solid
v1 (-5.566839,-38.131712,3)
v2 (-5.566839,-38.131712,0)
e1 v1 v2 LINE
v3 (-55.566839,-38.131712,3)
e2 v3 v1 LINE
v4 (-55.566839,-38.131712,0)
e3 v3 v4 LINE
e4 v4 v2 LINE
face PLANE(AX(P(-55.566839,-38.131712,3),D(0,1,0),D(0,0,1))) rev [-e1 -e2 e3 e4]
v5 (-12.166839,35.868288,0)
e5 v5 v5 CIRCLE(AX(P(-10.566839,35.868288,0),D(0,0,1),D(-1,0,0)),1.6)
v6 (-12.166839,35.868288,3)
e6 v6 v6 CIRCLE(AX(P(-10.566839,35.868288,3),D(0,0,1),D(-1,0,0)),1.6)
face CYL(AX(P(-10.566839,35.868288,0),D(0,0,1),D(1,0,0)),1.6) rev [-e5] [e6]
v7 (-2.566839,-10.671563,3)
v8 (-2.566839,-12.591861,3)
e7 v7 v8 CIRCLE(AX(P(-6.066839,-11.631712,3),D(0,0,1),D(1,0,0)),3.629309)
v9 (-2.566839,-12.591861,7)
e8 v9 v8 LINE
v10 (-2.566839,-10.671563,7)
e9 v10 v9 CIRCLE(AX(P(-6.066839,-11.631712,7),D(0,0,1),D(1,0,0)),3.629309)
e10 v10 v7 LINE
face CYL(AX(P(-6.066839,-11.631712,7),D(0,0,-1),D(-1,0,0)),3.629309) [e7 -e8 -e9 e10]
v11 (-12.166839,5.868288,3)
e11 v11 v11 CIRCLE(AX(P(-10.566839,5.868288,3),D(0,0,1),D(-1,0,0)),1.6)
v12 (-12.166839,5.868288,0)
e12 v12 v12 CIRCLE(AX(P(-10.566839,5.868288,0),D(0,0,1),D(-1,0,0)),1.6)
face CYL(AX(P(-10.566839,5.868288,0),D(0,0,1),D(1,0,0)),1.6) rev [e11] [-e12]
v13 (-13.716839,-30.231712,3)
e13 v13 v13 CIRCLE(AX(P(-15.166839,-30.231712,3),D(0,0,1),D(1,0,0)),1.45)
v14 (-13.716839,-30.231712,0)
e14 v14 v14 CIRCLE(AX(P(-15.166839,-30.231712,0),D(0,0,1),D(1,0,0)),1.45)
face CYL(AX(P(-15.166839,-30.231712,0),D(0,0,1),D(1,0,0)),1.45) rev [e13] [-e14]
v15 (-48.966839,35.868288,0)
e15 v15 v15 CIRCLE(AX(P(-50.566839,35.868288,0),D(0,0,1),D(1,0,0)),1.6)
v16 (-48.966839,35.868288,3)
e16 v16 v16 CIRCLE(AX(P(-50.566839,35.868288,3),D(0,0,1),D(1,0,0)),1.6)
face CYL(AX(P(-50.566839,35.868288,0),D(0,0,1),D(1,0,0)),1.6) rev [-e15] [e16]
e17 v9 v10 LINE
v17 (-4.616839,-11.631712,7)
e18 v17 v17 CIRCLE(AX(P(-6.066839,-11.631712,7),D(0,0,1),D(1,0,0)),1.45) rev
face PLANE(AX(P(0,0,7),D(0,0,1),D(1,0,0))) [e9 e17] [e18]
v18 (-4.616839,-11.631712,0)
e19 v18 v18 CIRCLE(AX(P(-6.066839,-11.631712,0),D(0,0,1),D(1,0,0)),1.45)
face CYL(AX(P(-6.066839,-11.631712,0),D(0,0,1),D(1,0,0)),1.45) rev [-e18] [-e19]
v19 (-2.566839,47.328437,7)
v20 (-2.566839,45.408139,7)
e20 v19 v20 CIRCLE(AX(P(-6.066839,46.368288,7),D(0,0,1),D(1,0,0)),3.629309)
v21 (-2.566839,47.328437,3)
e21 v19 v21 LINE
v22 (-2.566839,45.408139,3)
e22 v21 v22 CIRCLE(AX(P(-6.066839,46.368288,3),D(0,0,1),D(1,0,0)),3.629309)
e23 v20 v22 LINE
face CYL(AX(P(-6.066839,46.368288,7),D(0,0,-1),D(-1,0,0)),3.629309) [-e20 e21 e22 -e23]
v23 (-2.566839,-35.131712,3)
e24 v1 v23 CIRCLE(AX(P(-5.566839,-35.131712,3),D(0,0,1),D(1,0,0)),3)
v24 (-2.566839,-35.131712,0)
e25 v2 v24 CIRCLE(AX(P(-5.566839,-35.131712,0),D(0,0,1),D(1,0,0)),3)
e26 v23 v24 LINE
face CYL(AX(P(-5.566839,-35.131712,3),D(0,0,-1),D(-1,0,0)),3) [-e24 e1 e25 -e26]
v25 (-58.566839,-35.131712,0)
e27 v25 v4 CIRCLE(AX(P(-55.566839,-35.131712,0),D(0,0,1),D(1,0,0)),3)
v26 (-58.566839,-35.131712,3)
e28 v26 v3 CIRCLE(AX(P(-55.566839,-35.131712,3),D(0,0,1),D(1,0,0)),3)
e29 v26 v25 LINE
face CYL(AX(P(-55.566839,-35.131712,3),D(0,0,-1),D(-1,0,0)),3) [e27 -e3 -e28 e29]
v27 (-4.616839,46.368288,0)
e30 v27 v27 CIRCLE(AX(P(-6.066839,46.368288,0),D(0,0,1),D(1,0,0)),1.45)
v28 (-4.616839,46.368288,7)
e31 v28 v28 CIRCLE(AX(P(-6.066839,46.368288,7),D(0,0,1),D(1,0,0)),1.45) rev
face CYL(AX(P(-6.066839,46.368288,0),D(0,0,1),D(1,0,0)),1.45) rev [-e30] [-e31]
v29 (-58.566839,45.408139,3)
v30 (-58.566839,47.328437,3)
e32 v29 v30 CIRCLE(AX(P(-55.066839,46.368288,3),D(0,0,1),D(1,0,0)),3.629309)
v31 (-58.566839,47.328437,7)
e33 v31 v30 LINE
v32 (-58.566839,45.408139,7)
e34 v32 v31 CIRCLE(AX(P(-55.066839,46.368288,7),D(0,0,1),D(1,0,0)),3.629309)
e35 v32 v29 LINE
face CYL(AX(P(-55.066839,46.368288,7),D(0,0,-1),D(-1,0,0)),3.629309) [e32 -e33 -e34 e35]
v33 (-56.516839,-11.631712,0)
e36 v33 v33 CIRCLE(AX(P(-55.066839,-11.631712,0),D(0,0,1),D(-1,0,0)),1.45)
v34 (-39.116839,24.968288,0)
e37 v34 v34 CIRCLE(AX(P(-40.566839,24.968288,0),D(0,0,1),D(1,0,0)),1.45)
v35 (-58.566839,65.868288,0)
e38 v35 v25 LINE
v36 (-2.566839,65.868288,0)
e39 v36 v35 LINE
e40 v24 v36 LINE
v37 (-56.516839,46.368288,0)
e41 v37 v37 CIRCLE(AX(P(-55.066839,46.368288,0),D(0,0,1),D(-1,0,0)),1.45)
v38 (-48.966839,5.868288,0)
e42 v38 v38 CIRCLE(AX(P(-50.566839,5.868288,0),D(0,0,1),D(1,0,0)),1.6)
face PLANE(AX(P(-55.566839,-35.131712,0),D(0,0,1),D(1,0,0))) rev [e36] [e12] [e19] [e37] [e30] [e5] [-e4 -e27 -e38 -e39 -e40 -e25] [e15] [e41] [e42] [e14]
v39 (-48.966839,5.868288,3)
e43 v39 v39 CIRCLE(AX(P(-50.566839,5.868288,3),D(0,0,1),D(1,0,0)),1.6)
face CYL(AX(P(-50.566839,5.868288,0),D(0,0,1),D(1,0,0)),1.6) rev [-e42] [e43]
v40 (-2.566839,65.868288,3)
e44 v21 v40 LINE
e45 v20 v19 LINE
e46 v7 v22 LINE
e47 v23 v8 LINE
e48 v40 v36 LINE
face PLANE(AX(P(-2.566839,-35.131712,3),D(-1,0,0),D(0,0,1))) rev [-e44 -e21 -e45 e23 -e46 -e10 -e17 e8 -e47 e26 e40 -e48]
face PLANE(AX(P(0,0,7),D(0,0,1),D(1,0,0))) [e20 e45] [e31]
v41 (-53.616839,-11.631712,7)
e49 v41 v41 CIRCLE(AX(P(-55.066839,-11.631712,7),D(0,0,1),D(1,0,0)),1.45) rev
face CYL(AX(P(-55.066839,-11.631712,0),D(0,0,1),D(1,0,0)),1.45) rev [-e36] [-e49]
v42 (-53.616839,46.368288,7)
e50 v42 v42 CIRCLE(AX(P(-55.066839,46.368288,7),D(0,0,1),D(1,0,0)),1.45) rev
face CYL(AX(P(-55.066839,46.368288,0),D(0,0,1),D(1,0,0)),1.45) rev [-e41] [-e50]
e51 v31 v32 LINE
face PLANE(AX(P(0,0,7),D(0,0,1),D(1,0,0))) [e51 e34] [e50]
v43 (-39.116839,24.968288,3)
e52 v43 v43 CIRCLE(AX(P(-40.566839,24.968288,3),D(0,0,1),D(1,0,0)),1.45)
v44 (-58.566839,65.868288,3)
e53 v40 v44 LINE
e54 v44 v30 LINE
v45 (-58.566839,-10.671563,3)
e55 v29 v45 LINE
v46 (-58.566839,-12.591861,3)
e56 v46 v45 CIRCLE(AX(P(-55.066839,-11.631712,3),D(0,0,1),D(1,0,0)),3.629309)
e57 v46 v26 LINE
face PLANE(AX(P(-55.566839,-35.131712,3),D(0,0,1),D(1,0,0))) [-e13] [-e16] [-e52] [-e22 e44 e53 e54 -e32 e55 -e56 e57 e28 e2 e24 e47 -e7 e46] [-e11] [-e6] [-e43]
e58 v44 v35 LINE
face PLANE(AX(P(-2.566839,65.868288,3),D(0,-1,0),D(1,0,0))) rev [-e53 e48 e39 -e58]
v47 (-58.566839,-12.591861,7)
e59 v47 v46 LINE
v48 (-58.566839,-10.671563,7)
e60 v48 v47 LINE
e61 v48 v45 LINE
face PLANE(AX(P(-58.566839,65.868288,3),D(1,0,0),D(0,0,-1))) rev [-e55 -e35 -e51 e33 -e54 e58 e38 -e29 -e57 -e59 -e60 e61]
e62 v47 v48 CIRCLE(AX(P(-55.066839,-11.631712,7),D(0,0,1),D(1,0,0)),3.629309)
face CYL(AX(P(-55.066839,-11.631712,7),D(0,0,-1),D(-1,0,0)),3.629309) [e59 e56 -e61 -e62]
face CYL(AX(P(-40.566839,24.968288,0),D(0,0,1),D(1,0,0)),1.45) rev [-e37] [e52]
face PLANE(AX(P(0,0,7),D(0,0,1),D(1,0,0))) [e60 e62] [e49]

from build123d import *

# Parameters (mm, degrees)
BOSS_EXTRUDE1_DEPTH = 3
SKETCH3_R           = 1.6
SKETCH3_R_2         = 1.45
CUT_EXTRUDE1_DEPTH  = 4
SKETCH4_R           = 1.45
BOSS_EXTRUDE2_DEPTH = 4


with BuildPart() as part:
    # Sketch2 → Boss-Extrude1 (new body)
    with BuildSketch(Plane.XY):
        with BuildLine():
            Line((-55.566838563, -38.131712133), (-5.566838563, -38.131712133))
            ThreePointArc((-5.566838563, -38.131712133), (-3.44551822, -37.253032477), (-2.566838563, -35.131712133))
            Line((-2.566838563, -35.131712133), (-2.566838563, 65.868287867))
            Line((-2.566838563, 65.868287867), (-58.566838563, 65.868287867))
            Line((-58.566838563, 65.868287867), (-58.566838563, -35.131712133))
            ThreePointArc((-58.566838563, -35.131712133), (-57.688158907, -37.253032477), (-55.566838563, -38.131712133))
        make_face()
    extrude(amount=BOSS_EXTRUDE1_DEPTH)

    # Sketch3 → Cut-Extrude1 (cut, through all)
    with BuildSketch(Plane.XY.offset(3)):
        with Locations((-50.566838563, 35.868287867)):
            Circle(SKETCH3_R)
        with Locations((-50.566838563, 5.868287867)):
            Circle(SKETCH3_R)
        with Locations((-10.566838563, 5.868287867)):
            Circle(SKETCH3_R)
        with Locations((-10.566838563, 35.868287867)):
            Circle(SKETCH3_R)
        with Locations((-40.566838563, 24.968287867)):
            Circle(SKETCH3_R_2)
        with Locations((-15.166838563, -30.231712133)):
            Circle(SKETCH3_R_2)
        with Locations((-6.066838563, 46.368287867)):
            Circle(SKETCH3_R_2)
        with Locations((-6.066838563, -11.631712133)):
            Circle(SKETCH3_R_2)
        with Locations((-55.066838563, -11.631712133)):
            Circle(SKETCH3_R_2)
        with Locations((-55.066838563, 46.368287867)):
            Circle(SKETCH3_R_2)
    extrude(amount=-CUT_EXTRUDE1_DEPTH, mode=Mode.SUBTRACT)

    # Sketch4 → Boss-Extrude2 (add)
    with BuildSketch(Plane.XY.offset(3)):
        with BuildLine():
            Line((-58.566838563, -10.671563034), (-58.566838563, -12.591861232))
            ThreePointArc((-58.566838563, -12.591861232), (-54.582429852, -15.228548867), (-51.437529223, -11.631712133))
            ThreePointArc((-51.437529223, -11.631712133), (-54.582429852, -8.034875399), (-58.566838563, -10.671563034))
        make_face()
        with Locations((-55.066838563, -11.631712133)):
            Circle(SKETCH4_R, mode=Mode.SUBTRACT)
        with BuildLine():
            Line((-58.566838563, 47.328436966), (-58.566838563, 45.408138768))
            ThreePointArc((-58.566838563, 45.408138768), (-54.582429852, 42.771451133), (-51.437529223, 46.368287867))
            ThreePointArc((-51.437529223, 46.368287867), (-54.582429852, 49.965124601), (-58.566838563, 47.328436966))
        make_face()
        with Locations((-55.066838563, 46.368287867)):
            Circle(SKETCH4_R, mode=Mode.SUBTRACT)
        with BuildLine():
            ThreePointArc((-2.566838563, -10.671563034), (-9.696147904, -11.631712133), (-2.566838563, -12.591861232))
            Line((-2.566838563, -12.591861232), (-2.566838563, -10.671563034))
        make_face()
        with Locations((-6.066838563, -11.631712133)):
            Circle(SKETCH4_R, mode=Mode.SUBTRACT)
        with BuildLine():
            ThreePointArc((-2.566838563, 47.328436966), (-9.696147904, 46.368287867), (-2.566838563, 45.408138768))
            Line((-2.566838563, 45.408138768), (-2.566838563, 47.328436966))
        make_face()
        with Locations((-6.066838563, 46.368287867)):
            Circle(SKETCH4_R, mode=Mode.SUBTRACT)
    extrude(amount=BOSS_EXTRUDE2_DEPTH)


solid = part.part
